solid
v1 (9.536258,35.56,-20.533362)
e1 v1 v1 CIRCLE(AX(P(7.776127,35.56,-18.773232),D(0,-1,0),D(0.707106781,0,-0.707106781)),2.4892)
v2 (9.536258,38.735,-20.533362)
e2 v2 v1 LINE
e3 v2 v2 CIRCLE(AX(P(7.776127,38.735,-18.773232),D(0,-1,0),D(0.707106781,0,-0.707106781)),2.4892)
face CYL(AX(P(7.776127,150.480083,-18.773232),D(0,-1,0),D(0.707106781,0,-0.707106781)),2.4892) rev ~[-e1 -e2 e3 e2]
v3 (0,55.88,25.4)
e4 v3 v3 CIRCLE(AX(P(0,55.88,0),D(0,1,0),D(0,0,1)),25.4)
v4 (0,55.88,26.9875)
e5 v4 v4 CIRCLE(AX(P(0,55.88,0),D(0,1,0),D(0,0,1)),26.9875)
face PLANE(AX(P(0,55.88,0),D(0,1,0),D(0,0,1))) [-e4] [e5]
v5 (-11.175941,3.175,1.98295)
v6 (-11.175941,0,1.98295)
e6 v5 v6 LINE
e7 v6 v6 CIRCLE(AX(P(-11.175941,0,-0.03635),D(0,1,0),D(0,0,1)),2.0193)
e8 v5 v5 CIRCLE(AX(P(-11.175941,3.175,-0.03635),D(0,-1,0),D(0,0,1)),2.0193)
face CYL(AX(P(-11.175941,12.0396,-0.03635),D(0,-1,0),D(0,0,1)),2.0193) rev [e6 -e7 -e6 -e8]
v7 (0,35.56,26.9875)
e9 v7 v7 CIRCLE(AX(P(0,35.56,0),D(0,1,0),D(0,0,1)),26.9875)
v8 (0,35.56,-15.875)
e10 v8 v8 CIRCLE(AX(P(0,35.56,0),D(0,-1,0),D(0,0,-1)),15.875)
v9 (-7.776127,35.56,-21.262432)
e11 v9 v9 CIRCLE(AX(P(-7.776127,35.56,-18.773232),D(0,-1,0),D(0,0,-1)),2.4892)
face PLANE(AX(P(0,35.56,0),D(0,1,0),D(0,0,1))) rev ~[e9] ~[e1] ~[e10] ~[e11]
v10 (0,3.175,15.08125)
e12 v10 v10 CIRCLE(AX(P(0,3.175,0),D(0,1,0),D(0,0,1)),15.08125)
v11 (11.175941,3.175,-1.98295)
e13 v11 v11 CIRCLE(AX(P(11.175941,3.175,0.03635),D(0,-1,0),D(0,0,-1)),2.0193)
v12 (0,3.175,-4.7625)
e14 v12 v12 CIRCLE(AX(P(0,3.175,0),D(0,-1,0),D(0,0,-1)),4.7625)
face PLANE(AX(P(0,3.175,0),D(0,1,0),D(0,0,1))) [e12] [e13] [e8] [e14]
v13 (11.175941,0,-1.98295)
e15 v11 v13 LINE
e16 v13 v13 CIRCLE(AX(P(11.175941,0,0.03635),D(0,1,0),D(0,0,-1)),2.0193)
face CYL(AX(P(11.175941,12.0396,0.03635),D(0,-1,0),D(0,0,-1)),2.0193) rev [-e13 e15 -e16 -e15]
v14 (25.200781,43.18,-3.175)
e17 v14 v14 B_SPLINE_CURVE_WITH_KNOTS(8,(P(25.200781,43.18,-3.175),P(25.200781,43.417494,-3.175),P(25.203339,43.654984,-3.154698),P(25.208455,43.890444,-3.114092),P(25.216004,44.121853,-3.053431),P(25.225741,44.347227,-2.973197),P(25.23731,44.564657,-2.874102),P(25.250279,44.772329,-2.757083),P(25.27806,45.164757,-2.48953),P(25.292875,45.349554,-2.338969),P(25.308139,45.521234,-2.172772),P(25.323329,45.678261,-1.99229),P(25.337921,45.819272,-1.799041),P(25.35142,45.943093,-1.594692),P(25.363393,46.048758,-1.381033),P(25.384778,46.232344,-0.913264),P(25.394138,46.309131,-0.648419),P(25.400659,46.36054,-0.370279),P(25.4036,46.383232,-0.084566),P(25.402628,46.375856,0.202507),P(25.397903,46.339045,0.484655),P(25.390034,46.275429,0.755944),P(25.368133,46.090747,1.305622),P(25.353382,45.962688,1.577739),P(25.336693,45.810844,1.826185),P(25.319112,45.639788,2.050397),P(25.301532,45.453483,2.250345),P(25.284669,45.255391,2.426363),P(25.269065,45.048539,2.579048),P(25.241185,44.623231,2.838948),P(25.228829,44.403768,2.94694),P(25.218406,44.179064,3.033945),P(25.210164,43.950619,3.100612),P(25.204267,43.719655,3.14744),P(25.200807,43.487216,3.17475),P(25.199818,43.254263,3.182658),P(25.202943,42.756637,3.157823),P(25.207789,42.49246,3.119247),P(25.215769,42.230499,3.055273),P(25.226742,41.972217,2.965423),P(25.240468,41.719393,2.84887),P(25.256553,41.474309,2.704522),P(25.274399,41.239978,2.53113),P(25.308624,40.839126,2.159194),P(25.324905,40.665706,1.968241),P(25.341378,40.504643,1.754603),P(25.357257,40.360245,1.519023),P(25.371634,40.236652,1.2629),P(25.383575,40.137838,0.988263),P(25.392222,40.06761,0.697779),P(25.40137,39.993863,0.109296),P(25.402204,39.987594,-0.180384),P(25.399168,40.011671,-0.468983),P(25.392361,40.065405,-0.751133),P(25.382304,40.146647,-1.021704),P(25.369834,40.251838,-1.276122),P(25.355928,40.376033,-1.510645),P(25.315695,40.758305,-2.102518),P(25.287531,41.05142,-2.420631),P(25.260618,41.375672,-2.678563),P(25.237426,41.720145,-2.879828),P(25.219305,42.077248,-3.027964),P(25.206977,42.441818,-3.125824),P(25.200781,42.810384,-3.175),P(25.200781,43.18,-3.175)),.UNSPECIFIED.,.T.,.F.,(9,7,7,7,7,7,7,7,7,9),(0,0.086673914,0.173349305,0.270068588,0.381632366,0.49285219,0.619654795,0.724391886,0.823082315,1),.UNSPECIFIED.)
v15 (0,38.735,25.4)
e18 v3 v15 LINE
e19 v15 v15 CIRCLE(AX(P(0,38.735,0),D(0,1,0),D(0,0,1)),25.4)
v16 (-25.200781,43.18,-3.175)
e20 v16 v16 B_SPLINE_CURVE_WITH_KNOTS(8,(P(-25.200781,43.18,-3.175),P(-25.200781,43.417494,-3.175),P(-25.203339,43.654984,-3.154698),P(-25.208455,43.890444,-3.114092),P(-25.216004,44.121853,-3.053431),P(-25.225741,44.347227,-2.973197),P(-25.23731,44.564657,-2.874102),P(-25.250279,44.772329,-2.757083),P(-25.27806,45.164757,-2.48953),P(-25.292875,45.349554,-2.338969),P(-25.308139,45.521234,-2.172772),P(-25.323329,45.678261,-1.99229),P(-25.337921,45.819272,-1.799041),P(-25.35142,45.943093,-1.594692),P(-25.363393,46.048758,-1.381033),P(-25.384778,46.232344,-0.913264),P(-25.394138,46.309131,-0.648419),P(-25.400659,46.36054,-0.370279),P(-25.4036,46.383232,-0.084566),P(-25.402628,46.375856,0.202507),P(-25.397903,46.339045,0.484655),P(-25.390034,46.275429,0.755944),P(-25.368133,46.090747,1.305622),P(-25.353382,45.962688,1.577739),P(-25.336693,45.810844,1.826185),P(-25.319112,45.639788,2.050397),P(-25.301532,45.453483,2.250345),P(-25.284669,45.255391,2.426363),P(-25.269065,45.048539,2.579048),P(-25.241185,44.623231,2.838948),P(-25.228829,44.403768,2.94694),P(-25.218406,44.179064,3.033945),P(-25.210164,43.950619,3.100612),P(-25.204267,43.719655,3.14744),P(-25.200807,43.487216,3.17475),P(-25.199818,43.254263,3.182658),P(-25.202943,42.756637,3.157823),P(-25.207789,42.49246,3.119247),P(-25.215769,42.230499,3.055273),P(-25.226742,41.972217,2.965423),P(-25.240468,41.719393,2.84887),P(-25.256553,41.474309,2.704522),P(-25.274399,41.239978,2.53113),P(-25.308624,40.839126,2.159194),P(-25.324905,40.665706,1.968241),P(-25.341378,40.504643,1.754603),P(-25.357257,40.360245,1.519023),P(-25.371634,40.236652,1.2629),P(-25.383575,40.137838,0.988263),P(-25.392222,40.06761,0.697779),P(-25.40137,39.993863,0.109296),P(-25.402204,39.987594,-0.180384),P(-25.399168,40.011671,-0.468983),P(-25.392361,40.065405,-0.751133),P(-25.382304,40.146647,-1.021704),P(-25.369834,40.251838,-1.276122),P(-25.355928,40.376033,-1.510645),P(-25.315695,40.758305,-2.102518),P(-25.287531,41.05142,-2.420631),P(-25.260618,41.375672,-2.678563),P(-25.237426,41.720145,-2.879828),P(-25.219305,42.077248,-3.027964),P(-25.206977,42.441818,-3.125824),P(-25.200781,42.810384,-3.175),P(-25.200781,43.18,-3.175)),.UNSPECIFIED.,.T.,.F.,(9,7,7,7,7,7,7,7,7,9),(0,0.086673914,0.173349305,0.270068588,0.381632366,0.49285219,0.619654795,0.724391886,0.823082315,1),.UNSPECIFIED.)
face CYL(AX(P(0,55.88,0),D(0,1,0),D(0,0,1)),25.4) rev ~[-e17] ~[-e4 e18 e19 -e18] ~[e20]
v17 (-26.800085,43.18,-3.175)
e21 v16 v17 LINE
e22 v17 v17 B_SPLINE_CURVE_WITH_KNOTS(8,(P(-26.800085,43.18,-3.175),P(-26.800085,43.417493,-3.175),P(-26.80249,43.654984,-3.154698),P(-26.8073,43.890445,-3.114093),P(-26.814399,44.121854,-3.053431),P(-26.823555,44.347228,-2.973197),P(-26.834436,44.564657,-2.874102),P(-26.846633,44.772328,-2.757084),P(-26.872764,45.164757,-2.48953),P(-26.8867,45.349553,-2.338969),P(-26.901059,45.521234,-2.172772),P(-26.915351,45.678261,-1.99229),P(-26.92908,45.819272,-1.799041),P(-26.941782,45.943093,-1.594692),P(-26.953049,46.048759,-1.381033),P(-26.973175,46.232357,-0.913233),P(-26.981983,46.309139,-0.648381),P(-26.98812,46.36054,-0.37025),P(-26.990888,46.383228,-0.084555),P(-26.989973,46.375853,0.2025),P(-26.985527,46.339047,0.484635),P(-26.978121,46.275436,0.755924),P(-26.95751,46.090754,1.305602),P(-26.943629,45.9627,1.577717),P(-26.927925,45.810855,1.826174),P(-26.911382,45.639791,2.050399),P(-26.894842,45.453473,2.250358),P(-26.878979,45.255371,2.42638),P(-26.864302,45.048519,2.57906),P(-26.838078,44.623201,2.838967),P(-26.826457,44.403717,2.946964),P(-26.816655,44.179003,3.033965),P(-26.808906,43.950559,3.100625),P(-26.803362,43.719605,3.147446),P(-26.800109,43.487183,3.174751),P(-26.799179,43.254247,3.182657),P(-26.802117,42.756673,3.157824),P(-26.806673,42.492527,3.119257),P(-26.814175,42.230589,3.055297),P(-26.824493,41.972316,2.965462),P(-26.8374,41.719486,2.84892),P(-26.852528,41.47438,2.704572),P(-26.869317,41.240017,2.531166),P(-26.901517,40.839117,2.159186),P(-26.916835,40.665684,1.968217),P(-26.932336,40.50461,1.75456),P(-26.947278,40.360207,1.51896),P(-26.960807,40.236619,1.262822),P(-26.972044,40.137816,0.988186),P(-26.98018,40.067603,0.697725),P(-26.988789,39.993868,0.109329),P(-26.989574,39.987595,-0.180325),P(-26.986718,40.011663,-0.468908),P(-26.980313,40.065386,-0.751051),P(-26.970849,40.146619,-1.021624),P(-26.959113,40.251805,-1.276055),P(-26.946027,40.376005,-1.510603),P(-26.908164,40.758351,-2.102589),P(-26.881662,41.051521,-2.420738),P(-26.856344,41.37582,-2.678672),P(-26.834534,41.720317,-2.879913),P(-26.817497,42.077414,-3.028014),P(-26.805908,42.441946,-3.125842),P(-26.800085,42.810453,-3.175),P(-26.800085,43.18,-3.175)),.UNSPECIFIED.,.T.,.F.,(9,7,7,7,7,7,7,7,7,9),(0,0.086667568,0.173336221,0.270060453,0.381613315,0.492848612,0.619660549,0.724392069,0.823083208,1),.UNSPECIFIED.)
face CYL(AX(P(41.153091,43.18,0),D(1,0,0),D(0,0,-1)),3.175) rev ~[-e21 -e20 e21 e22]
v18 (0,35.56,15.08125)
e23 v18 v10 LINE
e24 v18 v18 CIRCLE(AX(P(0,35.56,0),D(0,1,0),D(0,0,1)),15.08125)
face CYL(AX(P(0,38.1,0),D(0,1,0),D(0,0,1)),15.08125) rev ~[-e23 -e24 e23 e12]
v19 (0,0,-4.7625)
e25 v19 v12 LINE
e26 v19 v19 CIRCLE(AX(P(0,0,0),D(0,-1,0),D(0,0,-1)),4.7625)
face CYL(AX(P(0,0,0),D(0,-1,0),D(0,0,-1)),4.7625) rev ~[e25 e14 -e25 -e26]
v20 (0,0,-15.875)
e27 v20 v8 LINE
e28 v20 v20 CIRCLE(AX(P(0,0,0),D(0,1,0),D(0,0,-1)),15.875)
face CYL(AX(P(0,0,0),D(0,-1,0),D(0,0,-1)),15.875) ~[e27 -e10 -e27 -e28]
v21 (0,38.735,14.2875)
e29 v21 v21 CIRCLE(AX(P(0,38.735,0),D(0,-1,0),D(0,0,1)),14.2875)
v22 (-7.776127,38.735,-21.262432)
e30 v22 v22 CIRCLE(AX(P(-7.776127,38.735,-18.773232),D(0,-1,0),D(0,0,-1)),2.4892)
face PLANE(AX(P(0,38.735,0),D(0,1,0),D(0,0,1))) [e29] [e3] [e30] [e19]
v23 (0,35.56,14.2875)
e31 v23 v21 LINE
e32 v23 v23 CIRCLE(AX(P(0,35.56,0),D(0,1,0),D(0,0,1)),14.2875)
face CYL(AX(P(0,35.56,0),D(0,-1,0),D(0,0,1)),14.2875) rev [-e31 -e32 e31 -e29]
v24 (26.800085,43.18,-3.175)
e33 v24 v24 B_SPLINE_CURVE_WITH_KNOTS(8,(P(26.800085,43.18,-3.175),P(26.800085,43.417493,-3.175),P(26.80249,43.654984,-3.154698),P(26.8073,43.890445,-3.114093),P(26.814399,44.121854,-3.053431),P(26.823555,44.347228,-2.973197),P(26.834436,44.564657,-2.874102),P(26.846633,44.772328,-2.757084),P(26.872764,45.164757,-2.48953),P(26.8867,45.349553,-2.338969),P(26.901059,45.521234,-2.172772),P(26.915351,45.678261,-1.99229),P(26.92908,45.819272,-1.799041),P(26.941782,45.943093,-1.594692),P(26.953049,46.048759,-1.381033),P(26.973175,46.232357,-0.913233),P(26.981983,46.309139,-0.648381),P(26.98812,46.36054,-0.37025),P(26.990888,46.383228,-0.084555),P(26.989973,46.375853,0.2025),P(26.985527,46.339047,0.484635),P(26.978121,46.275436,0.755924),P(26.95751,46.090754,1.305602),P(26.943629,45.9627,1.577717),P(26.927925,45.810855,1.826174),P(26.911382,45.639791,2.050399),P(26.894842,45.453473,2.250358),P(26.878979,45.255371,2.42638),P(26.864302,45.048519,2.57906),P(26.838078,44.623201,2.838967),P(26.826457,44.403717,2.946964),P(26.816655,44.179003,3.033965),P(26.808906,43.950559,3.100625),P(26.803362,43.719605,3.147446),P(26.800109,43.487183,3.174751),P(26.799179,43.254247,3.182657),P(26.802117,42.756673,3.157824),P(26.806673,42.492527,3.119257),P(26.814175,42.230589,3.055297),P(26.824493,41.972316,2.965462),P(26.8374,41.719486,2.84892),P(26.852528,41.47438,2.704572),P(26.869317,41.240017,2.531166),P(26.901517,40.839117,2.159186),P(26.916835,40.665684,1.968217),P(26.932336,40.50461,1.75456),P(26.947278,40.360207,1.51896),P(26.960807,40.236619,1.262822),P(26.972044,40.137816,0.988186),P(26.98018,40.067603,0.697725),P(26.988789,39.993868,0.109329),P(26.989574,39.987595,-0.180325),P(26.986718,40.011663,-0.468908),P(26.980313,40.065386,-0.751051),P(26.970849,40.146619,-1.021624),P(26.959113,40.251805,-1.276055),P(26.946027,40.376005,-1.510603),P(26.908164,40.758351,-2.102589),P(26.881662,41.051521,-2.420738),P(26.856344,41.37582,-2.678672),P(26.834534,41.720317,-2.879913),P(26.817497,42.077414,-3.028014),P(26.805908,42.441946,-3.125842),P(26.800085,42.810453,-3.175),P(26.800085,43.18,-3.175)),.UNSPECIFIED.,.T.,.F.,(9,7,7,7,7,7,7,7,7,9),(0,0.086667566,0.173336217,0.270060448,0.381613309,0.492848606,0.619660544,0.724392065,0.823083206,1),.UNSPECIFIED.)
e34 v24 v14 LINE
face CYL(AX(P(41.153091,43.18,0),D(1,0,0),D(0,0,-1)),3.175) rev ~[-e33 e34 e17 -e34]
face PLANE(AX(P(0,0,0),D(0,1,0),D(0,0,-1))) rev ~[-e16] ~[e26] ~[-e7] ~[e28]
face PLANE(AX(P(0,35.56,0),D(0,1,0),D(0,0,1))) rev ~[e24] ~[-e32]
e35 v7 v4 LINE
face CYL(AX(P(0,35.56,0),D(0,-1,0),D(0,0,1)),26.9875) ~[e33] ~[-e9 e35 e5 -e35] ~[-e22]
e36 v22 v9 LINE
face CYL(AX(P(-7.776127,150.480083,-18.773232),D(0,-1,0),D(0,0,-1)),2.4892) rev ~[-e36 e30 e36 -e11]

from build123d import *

# Parameters (mm, degrees)
SKETCH1_R                  = 15.875
EXTRUDE2_DEPTH             = 38.1
SKETCH2_R                  = 4.7625
CUT_EXTRUDE1_DEPTH         = 45.22263278
SKETCH8_R                  = 15.08125
CUT_EXTRUDE3_DEPTH         = 34.925
SKETCH9_R                  = 24.789766377
CUT_EXTRUDE4_DEPTH         = 2.54
SKETCH10_R                 = 26.9875
EXTRUDE3_DEPTH             = 20.32
SKETCH11_R                 = 25.4
CUT_EXTRUDE5_DEPTH         = 17.145
SKETCH12_R                 = 14.2875
CUT_EXTRUDE6_DEPTH         = 53.16477655
F_9_0_196_DIAMETER_HOLE1_D = 4.9784
CIRPATTERN1_COUNT          = 2
CIRPATTERN1_ANGLE          = 45
SKETCH17_R                 = 3.175
CUT_EXTRUDE7_DEPTH         = 86.064550432
CIRPATTERN2_COUNT          = 2


with BuildPart() as part:
    # Sketch1 → Extrude2 (new body)
    with BuildSketch(Plane(origin=(0, 0, 0), x_dir=(1, 0, 0), z_dir=(0, 1, 0))):
        with Locations(Location((0, 0, 0), (0, 0, 90))):
            Circle(SKETCH1_R)
    extrude(amount=EXTRUDE2_DEPTH)

    # Sketch2 → Cut-Extrude1 (cut, through all)
    with BuildSketch(Plane.XZ):
        with Locations(Location((0, 0, 0), (0, 0, 270))):
            Circle(SKETCH2_R)
    extrude(amount=-CUT_EXTRUDE1_DEPTH, mode=Mode.SUBTRACT)

    # Sketch8 → Cut-Extrude3 (cut)
    with BuildSketch(Plane(origin=(0, 38.1, 0), x_dir=(-1, 0, 0), z_dir=(0, 1, 0))):
        with Locations(Location((0, 0, 0), (0, 0, 90))):
            Circle(SKETCH8_R)
    extrude(amount=-CUT_EXTRUDE3_DEPTH, mode=Mode.SUBTRACT)

    # Sketch9 → Cut-Extrude4 (cut)
    with BuildSketch(Plane(origin=(0, 38.1, 0), x_dir=(-1, 0, 0), z_dir=(0, 1, 0))):
        Circle(SKETCH9_R)
    extrude(amount=-CUT_EXTRUDE4_DEPTH, mode=Mode.SUBTRACT)

    # Sketch10 → Extrude3 (add)
    with BuildSketch(Plane(origin=(0, 35.56, 0), x_dir=(-1, 0, 0), z_dir=(0, 1, 0))):
        with Locations(Location((0, 0, 0), (0, 0, 90))):
            Circle(SKETCH10_R)
    extrude(amount=EXTRUDE3_DEPTH)

    # Sketch11 → Cut-Extrude5 (cut)
    with BuildSketch(Plane(origin=(0, 55.88, 0), x_dir=(-1, 0, 0), z_dir=(0, 1, 0))):
        with Locations(Location((0, 0, 0), (0, 0, 90))):
            Circle(SKETCH11_R)
    extrude(amount=-CUT_EXTRUDE5_DEPTH, mode=Mode.SUBTRACT)

    # Sketch12 → Cut-Extrude6 (cut, through all)
    with BuildSketch(Plane(origin=(0, 35.56, 0), x_dir=(-1, 0, 0), z_dir=(0, 1, 0))):
        with Locations(Location((0, 0, 0), (0, 0, 90))):
            Circle(SKETCH12_R)
    extrude(amount=CUT_EXTRUDE6_DEPTH, mode=Mode.SUBTRACT)

    # #9 (0.196) Diameter Hole1 (through all)
    with Locations(Plane(origin=(-7.776127346, 55.88, -18.773232101), x_dir=(0, 0, 1), z_dir=(0, 1, 0))):
        with Locations((0, 0)):
            f_9_0_196_diameter_hole1 = Hole(F_9_0_196_DIAMETER_HOLE1_D / 2)

    # CirPattern1: #9 (0.196) Diameter Hole1 ×2 about axis
    cirpattern1_axis = Axis((0, 83.588580262, 0), (0, -1, 0))
    for i in range(1, CIRPATTERN1_COUNT):
        add(f_9_0_196_diameter_hole1.rotate(cirpattern1_axis, i * CIRPATTERN1_ANGLE / (CIRPATTERN1_COUNT - 1)), mode=Mode.SUBTRACT)

    # Sketch17 → Cut-Extrude7 (cut, through all)
    with BuildSketch(Plane(origin=(41.153091309, 43.18, 0), x_dir=(0, 0, -1), z_dir=(1, 0, 0))):
        Circle(SKETCH17_R)
    extrude(amount=-CUT_EXTRUDE7_DEPTH, mode=Mode.SUBTRACT)

    # Sketch20 → #10-32 Tapped Hole1 (revolve, cut)
    with BuildSketch(Plane(origin=(11.175940885, 0, 0.036350046), x_dir=(0, 0, -1), z_dir=(1, 0, 0))):
        Polygon((0, 0), (0, 13.252917848), (2.0193, 12.0396), (2.0193, 0), align=None)
    f_10_32_tapped_hole1 = revolve(axis=Axis((11.175940885, -6.35, 0.036350046), (0, 1, 0)), mode=Mode.SUBTRACT)

    # CirPattern2: #10-32 Tapped Hole1 ×2 about axis
    cirpattern2_axis = Axis((0, 0, 0), (0, 1, 0))
    for i in range(1, CIRPATTERN2_COUNT):
        add(f_10_32_tapped_hole1.rotate(cirpattern2_axis, i * 360 / CIRPATTERN2_COUNT), mode=Mode.SUBTRACT)


solid = part.part
